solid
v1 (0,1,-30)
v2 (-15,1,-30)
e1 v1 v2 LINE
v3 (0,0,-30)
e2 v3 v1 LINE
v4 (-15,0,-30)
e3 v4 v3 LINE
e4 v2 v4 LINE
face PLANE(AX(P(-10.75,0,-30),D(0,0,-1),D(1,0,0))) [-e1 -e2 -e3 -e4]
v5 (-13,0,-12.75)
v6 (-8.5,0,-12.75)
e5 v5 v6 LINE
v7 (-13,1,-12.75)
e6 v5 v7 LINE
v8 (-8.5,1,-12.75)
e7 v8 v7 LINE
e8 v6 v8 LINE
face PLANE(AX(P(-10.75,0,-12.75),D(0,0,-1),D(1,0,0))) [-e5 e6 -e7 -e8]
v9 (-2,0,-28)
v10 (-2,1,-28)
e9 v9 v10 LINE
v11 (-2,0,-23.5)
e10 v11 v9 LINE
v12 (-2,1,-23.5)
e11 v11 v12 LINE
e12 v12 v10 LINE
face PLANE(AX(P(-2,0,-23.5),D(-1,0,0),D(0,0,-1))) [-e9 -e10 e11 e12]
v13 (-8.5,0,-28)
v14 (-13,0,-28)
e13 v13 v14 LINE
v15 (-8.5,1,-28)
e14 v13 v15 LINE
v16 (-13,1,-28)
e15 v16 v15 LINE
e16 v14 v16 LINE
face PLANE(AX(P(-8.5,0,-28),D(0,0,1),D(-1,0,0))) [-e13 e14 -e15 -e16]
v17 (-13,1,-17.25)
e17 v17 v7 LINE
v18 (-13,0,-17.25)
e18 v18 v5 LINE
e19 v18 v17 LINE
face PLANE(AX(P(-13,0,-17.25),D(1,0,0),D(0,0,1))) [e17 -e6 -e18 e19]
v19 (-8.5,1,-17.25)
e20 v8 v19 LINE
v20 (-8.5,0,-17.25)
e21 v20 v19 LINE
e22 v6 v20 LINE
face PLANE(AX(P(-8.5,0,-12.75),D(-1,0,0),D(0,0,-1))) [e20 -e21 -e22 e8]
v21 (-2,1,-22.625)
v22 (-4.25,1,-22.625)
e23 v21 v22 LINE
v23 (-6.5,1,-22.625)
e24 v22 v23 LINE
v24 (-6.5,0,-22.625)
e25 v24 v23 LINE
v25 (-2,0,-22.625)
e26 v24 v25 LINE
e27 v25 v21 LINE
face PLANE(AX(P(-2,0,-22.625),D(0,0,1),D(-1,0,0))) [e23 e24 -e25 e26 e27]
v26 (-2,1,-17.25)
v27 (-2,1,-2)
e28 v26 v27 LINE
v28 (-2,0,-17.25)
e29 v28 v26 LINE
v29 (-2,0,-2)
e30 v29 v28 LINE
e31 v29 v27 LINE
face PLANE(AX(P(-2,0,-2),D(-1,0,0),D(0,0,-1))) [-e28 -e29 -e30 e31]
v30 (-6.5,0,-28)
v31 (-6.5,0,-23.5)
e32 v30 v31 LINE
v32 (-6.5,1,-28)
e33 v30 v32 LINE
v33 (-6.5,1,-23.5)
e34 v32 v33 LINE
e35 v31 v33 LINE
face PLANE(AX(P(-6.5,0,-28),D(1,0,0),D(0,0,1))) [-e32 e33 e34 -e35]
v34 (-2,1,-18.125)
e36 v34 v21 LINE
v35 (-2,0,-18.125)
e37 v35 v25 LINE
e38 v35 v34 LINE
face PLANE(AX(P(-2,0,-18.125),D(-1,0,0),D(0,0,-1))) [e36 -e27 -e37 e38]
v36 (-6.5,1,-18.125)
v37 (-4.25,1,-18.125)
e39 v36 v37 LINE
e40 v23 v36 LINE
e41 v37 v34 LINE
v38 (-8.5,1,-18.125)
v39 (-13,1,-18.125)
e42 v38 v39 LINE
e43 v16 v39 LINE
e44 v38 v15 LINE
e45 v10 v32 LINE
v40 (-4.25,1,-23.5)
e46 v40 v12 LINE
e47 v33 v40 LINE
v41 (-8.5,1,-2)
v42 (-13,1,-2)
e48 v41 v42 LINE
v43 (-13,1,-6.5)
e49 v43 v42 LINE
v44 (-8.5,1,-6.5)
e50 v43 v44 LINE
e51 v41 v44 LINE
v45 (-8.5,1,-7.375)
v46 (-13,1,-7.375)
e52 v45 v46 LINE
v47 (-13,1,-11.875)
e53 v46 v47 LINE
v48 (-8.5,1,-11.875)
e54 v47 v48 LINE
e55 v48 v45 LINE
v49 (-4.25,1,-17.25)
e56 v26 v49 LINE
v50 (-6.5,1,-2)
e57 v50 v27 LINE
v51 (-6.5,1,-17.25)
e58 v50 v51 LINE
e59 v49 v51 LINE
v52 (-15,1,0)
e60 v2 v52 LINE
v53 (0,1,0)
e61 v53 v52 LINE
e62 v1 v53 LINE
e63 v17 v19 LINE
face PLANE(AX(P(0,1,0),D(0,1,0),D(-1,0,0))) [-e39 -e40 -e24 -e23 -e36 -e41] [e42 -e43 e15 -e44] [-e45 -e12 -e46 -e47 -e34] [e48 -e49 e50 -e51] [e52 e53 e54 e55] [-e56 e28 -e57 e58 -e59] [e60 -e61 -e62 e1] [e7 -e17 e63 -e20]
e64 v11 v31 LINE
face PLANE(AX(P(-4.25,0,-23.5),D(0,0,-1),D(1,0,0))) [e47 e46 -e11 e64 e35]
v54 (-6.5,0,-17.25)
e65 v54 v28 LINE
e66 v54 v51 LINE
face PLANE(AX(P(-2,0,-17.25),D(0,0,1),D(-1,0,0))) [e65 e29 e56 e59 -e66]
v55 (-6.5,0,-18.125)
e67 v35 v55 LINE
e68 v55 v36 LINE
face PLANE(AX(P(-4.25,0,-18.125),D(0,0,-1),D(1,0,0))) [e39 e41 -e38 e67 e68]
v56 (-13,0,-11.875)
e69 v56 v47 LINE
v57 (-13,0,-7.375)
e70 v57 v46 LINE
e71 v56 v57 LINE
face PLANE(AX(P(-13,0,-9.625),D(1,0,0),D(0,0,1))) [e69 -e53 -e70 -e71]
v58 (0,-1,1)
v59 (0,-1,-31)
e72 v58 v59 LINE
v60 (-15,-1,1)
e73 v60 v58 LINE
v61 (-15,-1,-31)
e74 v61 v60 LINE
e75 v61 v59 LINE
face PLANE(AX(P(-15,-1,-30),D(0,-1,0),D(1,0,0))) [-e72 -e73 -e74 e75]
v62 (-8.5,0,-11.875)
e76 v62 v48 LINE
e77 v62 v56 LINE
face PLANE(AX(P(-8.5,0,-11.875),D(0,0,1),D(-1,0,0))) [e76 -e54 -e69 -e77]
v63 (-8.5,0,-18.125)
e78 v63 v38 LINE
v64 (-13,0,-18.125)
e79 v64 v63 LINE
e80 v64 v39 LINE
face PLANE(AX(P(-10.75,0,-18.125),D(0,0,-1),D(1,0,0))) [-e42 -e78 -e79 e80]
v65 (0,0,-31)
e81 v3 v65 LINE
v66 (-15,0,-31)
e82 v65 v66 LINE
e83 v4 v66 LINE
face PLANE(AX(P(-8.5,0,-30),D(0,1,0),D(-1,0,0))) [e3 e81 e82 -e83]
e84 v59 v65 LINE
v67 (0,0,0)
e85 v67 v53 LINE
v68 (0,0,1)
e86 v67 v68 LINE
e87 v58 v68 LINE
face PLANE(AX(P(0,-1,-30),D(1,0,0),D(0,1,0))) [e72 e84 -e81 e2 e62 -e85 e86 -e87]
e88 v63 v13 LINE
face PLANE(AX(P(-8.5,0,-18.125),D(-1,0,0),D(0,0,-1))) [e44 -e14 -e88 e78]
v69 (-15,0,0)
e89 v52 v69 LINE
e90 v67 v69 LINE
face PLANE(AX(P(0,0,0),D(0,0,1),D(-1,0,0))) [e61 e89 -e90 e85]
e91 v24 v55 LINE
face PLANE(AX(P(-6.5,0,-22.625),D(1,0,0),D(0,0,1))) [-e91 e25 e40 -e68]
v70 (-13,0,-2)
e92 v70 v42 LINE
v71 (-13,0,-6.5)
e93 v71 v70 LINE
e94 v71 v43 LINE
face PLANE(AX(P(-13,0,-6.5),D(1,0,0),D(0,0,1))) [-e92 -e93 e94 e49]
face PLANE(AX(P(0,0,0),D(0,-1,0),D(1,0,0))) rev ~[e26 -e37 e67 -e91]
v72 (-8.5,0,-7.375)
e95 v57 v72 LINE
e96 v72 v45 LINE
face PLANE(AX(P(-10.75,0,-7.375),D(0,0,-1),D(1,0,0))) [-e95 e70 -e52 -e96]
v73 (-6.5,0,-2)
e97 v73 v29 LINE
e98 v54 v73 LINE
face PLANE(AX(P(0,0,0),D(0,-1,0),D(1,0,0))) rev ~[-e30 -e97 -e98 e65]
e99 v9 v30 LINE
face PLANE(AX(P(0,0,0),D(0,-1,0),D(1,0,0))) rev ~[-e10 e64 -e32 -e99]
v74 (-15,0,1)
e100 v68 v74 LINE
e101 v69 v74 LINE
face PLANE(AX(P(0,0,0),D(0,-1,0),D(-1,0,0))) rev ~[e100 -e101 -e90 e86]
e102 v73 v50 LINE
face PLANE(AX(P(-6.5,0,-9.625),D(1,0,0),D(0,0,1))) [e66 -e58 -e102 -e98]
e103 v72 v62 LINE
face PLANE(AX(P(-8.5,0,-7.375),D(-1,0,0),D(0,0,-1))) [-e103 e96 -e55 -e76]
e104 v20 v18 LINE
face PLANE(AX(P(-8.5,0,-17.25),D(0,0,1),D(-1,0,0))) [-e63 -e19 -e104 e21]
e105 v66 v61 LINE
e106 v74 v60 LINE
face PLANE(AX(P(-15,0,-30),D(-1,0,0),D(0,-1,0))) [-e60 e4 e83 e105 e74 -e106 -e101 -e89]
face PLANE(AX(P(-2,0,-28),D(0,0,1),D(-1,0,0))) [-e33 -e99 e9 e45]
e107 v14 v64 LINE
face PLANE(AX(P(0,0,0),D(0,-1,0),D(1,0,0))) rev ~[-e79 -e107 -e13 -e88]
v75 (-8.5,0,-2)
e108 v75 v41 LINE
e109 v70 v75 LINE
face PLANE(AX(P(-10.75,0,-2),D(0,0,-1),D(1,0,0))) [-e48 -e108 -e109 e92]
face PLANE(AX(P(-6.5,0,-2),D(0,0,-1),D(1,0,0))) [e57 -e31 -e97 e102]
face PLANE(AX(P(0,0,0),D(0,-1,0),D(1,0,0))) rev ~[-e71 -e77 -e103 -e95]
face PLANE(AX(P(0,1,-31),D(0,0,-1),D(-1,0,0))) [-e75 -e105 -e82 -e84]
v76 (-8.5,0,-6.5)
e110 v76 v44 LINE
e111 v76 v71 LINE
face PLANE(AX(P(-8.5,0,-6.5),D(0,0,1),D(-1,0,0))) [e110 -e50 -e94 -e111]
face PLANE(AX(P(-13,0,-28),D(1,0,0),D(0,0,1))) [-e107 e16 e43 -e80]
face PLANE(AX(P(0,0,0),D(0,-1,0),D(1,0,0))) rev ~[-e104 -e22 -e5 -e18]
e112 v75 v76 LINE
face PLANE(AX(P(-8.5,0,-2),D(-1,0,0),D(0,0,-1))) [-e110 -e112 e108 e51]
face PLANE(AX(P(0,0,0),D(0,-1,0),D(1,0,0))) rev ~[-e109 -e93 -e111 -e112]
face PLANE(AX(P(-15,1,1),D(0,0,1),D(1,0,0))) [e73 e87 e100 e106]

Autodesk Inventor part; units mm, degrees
ref_plane "YZ Plane" through (0, 0, 0) normal (1, 0, 0) x (0, 1, 0)
ref_plane "XZ Plane" through (0, 0, 0) normal (0, 1, 0) x (-1, 0, 0)
ref_plane "XY Plane" through (0, 0, 0) normal (0, 0, 1) x (1, 0, 0)
sketch "Эскиз1" plane through (0, 0, 0) normal (0, 1, 0) x (-1, 0, 0)
  line L0 (0, 0) -> (15, 0)
  line L1 (15, 0) -> (15, -30)
  line L2 (15, -30) -> (0, -30)
  line L3 (0, -30) -> (0, 0)
  line L4 (13, -2) -> (8.5, -2)
  line L5 (8.5, -2) -> (8.5, -6.5)
  line L6 (8.5, -6.5) -> (13, -6.5)
  line L7 (13, -6.5) -> (13, -2)
  line L8 (13, -7.375) -> (8.5, -7.375)
  line L9 (8.5, -7.375) -> (8.5, -11.875)
  line L10 (8.5, -11.875) -> (13, -11.875)
  line L11 (13, -11.875) -> (13, -7.375)
  line L12 (13, -12.75) -> (8.5, -12.75)
  line L13 (8.5, -12.75) -> (8.5, -17.25)
  line L14 (8.5, -17.25) -> (13, -17.25)
  line L15 (13, -17.25) -> (13, -12.75)
  line L16 (13, -18.125) -> (8.5, -18.125)
  line L17 (8.5, -18.125) -> (8.5, -28)
  line L18 (8.5, -28) -> (13, -28)
  line L19 (13, -28) -> (13, -18.125)
  line L20 (6.5, -18.125) -> (2, -18.125)
  line L21 (2, -18.125) -> (2, -22.625)
  line L22 (2, -22.625) -> (6.5, -22.625)
  line L23 (6.5, -22.625) -> (6.5, -18.125)
  line L24 (6.5, -23.5) -> (2, -23.5)
  line L25 (2, -23.5) -> (2, -28)
  line L26 (2, -28) -> (6.5, -28)
  line L27 (6.5, -28) -> (6.5, -23.5)
  line L28 (6.5, -2) -> (2, -2)
  line L29 (2, -2) -> (2, -17.25)
  line L30 (2, -17.25) -> (6.5, -17.25)
  line L31 (6.5, -17.25) -> (6.5, -2)
  line L32 (10.75, -6.5) -> (10.75, -7.375)
  line L33 (10.75, -11.875) -> (10.75, -12.75)
  line L34 (10.75, -17.25) -> (10.75, -18.125)
  line L35 (4.25, -17.25) -> (4.25, -18.125)
  line L36 (4.25, -22.625) -> (4.25, -23.5)
  line L37 (10.75, -2) -> (10.75, 0)
  line L38 (10.75, -28) -> (10.75, -30)
  line L39 (13, -9.625) -> (15, -9.625)
  line L40 (2, -9.625) -> (0, -9.625)
  line L41 (8.5, -9.625) -> (6.5, -9.625)
  dimension "d0" = 15
  dimension "d1" = 30
  dimension "d9" = 2
extrude "Выдавливание1" add sketch "Эскиз1" along normal blind 1 contours L0 L37 L4 L5 L6 L32 L8 L9 L41 L31 L28 L29 L40 L3 | L0 L1 L39 L11 L8 L32 L6 L7 L4 L37 | L40 L29 L30 L31 L41 L9 L10 L33 L12 L13 L14 L34 L16 L17 L18 L38 L2 L3 | L1 L2 L38 L18 L19 L16 L34 L14 L15 L12 L33 L10 L11 L39
sketch "Эскиз2" plane through (0, 0, 0) normal (0, -1, 0) x (1, 0, 0)
  line L0 (0, 0) -> (0, -30) projected
  line L1 (-15, 0) -> (0, 0) projected
  line L2 (-15, -30) -> (-15, 0) projected
  line L3 (0, -30) -> (-15, -30) projected
  line L4 (-6.5, -17.25) -> (-2, -17.25) projected
  line L5 (-6.5, -2) -> (-6.5, -17.25) projected
  line L6 (-2, -2) -> (-6.5, -2) projected
  line L7 (-2, -17.25) -> (-2, -2) projected
  line L8 (-2, -28) -> (-2, -23.5) projected
  line L9 (-6.5, -28) -> (-2, -28) projected
  line L10 (-6.5, -23.5) -> (-6.5, -28) projected
  line L11 (-2, -23.5) -> (-6.5, -23.5) projected
  line L12 (-8.5, -12.75) -> (-13, -12.75) projected
  line L13 (-8.5, -17.25) -> (-8.5, -12.75) projected
  line L14 (-13, -17.25) -> (-8.5, -17.25) projected
  line L15 (-13, -12.75) -> (-13, -17.25) projected
  line L16 (-13, -18.125) -> (-13, -28) projected
  line L17 (-8.5, -18.125) -> (-13, -18.125) projected
  line L18 (-8.5, -28) -> (-8.5, -18.125) projected
  line L19 (-13, -28) -> (-8.5, -28) projected
  line L20 (-13, -11.875) -> (-8.5, -11.875) projected
  line L21 (-13, -7.375) -> (-13, -11.875) projected
  line L22 (-8.5, -7.375) -> (-13, -7.375) projected
  line L23 (-8.5, -11.875) -> (-8.5, -7.375) projected
  line L24 (-13, -2) -> (-13, -6.5) projected
  line L25 (-8.5, -2) -> (-13, -2) projected
  line L26 (-8.5, -6.5) -> (-8.5, -2) projected
  line L27 (-13, -6.5) -> (-8.5, -6.5) projected
  line L28 (-2, -22.625) -> (-2, -18.125) projected
  line L29 (-6.5, -22.625) -> (-2, -22.625) projected
  line L30 (-6.5, -18.125) -> (-6.5, -22.625) projected
  line L31 (-2, -18.125) -> (-6.5, -18.125) projected
extrude "Выдавливание2" add sketch "Эскиз2" along normal blind 1 contours L0 L3 L2 L1 | L5 L6 L7 L4 | L9 L10 L11 L8 | L13 L14 L15 L12 | L17 L18 L19 L16 | L21 L22 L23 L20 | L25 L26 L27 L24 | L29 L30 L31 L28
sketch "Эскиз3" plane through (-15, 1, 0) normal (0, 0, 1) x (1, 0, 0)
  line L0 (0, -2) -> (15, -2)
  line L1 (15, -2) -> (15, -1)
  line L2 (15, -1) -> (0, -1)
  line L3 (0, -1) -> (0, -2)
  line L4 (15, -2) -> (15, 0) projected
  line L5 (0, -2) -> (0, 0) projected
  line L6 (15, -2) -> (0, -2) projected
  dimension "d14" = 1
extrude "Выдавливание3" add sketch "Эскиз3" along normal blind 1
sketch "Эскиз4" plane through (0, 1, -30) normal (0, 0, -1) x (-1, 0, 0)
  line L0 (8.5, -1) -> (13, -1) projected
  line L1 (15, -2) -> (0, -2) projected
  line L2 (0, -2) -> (0, -1) projected
  line L3 (0, -1) -> (15, -1) projected
  line L4 (15, -1) -> (15, -2) projected
extrude "Выдавливание4" add sketch "Эскиз4" along normal blind 1
properties part number "Лого ШП"
